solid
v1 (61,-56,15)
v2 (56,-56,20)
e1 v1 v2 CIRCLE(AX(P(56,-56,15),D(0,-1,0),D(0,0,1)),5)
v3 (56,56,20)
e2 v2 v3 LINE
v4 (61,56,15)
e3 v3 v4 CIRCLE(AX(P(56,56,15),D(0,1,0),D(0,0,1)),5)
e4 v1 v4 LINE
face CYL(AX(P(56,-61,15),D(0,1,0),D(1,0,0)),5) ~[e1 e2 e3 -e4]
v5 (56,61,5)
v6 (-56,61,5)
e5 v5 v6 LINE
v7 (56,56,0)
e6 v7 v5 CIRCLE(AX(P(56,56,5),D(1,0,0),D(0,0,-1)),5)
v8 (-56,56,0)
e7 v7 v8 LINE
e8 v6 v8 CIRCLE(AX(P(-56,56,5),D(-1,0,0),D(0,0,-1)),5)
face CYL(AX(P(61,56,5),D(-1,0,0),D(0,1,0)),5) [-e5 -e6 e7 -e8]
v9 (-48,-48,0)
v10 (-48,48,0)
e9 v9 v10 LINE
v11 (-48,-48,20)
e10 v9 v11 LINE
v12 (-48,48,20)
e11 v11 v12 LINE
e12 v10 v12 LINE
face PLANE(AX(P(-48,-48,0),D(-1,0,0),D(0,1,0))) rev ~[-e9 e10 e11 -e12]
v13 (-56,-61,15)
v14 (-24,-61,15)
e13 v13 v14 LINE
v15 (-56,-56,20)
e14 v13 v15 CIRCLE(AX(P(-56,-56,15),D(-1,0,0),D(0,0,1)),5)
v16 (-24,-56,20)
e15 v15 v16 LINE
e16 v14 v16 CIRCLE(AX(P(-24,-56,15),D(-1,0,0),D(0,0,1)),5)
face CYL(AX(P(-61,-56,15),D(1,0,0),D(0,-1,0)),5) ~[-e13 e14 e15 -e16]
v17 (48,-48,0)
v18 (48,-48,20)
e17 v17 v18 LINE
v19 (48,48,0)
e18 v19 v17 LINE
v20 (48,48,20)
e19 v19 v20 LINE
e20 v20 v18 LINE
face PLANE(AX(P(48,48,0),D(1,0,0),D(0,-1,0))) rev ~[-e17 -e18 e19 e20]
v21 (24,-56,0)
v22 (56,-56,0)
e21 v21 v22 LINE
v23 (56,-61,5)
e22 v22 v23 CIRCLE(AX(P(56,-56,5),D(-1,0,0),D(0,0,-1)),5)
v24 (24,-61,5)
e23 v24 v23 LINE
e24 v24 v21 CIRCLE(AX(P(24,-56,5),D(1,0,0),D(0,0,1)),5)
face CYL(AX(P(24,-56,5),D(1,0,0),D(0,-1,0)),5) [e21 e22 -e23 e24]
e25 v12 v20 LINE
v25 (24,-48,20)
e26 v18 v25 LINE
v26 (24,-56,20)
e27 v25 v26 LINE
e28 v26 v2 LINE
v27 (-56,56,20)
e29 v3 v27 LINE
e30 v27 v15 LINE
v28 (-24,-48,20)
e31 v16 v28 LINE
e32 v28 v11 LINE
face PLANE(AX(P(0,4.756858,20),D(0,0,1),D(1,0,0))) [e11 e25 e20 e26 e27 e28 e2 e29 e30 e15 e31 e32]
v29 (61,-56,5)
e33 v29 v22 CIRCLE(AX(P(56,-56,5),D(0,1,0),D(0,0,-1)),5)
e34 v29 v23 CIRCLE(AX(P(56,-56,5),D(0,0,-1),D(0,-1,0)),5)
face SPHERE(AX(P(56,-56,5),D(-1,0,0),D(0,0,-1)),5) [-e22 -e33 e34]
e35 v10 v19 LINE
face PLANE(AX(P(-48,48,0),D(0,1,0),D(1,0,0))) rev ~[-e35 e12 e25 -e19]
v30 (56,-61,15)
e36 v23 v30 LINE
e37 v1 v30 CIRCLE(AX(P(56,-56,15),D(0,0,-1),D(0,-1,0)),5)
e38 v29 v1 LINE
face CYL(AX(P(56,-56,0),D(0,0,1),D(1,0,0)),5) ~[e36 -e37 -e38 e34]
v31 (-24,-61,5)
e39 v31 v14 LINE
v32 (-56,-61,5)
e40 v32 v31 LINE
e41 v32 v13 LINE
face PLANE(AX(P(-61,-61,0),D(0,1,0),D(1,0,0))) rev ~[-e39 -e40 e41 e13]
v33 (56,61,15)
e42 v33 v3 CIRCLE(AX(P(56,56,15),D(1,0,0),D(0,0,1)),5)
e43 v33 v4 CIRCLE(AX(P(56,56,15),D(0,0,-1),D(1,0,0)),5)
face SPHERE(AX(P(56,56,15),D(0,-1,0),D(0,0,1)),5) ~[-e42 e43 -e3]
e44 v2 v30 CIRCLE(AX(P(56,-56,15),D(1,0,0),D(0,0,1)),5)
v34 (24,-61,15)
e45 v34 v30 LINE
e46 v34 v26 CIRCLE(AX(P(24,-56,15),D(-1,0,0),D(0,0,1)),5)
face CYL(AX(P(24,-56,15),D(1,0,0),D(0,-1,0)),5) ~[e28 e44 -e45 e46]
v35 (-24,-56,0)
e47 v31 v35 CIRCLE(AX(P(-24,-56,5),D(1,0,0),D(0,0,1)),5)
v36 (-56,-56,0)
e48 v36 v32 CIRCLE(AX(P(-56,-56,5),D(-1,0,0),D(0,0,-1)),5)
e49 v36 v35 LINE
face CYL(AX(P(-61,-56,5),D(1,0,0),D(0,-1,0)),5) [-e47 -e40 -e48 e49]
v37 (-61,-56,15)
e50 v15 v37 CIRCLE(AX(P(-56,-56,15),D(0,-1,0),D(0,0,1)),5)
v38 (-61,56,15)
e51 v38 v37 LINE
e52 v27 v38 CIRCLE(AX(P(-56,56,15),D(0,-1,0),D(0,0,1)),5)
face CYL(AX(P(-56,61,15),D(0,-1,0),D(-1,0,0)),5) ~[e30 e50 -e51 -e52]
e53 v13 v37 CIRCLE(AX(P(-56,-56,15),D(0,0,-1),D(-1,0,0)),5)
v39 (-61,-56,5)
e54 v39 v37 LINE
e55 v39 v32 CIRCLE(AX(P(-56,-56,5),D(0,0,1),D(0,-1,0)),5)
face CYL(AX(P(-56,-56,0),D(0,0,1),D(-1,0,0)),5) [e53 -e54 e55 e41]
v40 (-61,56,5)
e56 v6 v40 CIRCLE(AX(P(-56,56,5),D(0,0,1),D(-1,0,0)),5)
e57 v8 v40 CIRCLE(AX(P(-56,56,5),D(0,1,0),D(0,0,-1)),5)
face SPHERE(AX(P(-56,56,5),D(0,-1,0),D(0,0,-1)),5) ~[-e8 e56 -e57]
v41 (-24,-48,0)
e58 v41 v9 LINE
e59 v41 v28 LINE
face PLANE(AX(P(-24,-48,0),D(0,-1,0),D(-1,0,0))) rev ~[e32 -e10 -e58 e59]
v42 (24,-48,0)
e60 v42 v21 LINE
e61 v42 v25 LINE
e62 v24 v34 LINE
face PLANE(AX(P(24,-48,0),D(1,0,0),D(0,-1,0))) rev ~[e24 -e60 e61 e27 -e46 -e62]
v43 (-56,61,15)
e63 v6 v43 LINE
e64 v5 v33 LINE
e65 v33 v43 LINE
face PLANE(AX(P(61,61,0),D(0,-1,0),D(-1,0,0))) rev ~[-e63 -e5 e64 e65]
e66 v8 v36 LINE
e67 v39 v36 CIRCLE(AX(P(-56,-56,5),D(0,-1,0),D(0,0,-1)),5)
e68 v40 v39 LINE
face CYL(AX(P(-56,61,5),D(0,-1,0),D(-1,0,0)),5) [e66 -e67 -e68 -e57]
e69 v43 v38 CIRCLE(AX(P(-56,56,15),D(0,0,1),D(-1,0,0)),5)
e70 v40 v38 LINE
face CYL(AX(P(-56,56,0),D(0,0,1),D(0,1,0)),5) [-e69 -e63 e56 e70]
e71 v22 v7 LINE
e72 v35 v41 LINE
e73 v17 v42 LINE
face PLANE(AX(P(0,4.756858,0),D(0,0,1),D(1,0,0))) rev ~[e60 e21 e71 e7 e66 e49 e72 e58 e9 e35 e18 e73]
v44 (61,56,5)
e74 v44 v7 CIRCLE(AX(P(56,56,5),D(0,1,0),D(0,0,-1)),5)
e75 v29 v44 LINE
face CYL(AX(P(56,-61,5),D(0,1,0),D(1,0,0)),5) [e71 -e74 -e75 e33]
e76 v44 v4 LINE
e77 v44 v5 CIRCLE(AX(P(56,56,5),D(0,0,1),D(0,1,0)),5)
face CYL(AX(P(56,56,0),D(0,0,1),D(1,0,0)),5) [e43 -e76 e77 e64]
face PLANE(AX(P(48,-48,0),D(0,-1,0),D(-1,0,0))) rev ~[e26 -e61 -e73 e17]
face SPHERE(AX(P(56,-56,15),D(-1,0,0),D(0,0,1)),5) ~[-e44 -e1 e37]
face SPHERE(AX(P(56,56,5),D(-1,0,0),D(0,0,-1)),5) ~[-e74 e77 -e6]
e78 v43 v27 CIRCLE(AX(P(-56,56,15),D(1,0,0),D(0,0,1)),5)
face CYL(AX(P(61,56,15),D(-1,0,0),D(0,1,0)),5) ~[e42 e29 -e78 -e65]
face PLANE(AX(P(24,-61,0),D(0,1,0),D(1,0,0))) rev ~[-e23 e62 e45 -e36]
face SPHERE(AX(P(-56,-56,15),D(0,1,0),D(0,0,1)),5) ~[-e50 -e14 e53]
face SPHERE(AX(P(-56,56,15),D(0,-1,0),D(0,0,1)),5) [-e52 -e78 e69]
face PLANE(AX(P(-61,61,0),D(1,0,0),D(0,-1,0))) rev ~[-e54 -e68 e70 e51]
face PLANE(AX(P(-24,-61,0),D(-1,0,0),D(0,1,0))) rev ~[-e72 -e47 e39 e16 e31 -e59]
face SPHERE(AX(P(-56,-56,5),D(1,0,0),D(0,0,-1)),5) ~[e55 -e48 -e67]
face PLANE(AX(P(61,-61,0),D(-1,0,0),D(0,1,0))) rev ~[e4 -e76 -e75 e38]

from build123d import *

# Parameters (mm, degrees)
F1_DEPTH = 20
F2_R     = 5


with BuildPart() as f1:
    # F0 (on Top) → F1 (new body)
    with BuildSketch(Plane.XY):
        Polygon((61, -61), (61, 61), (-61, 61), (-61, -61), (-24, -61), (-24, -48), (-48, -48), (-48, 48), (48, 48), (48, -48), (24, -48), (24, -61), align=None)
    extrude(amount=F1_DEPTH)

    # F2
    f2_edges = [f1.edges().sort_by_distance(p)[0] for p in [
        (-61, 0, 20),
        (-42.5, -61, 20),
        (42.5, -61, 20),
        (61, 0, 20),
        (0, 61, 20),
        (42.5, -61, 0),
        (-42.5, -61, 0),
        (-61, 0, 0),
        (0, 61, 0),
        (61, 0, 0),
        (61, -61, 10),
        (-61, -61, 10),
        (61, 61, 10),
        (-61, 61, 10),
    ]]
    fillet(f2_edges, radius=F2_R)


solid = f1.part
